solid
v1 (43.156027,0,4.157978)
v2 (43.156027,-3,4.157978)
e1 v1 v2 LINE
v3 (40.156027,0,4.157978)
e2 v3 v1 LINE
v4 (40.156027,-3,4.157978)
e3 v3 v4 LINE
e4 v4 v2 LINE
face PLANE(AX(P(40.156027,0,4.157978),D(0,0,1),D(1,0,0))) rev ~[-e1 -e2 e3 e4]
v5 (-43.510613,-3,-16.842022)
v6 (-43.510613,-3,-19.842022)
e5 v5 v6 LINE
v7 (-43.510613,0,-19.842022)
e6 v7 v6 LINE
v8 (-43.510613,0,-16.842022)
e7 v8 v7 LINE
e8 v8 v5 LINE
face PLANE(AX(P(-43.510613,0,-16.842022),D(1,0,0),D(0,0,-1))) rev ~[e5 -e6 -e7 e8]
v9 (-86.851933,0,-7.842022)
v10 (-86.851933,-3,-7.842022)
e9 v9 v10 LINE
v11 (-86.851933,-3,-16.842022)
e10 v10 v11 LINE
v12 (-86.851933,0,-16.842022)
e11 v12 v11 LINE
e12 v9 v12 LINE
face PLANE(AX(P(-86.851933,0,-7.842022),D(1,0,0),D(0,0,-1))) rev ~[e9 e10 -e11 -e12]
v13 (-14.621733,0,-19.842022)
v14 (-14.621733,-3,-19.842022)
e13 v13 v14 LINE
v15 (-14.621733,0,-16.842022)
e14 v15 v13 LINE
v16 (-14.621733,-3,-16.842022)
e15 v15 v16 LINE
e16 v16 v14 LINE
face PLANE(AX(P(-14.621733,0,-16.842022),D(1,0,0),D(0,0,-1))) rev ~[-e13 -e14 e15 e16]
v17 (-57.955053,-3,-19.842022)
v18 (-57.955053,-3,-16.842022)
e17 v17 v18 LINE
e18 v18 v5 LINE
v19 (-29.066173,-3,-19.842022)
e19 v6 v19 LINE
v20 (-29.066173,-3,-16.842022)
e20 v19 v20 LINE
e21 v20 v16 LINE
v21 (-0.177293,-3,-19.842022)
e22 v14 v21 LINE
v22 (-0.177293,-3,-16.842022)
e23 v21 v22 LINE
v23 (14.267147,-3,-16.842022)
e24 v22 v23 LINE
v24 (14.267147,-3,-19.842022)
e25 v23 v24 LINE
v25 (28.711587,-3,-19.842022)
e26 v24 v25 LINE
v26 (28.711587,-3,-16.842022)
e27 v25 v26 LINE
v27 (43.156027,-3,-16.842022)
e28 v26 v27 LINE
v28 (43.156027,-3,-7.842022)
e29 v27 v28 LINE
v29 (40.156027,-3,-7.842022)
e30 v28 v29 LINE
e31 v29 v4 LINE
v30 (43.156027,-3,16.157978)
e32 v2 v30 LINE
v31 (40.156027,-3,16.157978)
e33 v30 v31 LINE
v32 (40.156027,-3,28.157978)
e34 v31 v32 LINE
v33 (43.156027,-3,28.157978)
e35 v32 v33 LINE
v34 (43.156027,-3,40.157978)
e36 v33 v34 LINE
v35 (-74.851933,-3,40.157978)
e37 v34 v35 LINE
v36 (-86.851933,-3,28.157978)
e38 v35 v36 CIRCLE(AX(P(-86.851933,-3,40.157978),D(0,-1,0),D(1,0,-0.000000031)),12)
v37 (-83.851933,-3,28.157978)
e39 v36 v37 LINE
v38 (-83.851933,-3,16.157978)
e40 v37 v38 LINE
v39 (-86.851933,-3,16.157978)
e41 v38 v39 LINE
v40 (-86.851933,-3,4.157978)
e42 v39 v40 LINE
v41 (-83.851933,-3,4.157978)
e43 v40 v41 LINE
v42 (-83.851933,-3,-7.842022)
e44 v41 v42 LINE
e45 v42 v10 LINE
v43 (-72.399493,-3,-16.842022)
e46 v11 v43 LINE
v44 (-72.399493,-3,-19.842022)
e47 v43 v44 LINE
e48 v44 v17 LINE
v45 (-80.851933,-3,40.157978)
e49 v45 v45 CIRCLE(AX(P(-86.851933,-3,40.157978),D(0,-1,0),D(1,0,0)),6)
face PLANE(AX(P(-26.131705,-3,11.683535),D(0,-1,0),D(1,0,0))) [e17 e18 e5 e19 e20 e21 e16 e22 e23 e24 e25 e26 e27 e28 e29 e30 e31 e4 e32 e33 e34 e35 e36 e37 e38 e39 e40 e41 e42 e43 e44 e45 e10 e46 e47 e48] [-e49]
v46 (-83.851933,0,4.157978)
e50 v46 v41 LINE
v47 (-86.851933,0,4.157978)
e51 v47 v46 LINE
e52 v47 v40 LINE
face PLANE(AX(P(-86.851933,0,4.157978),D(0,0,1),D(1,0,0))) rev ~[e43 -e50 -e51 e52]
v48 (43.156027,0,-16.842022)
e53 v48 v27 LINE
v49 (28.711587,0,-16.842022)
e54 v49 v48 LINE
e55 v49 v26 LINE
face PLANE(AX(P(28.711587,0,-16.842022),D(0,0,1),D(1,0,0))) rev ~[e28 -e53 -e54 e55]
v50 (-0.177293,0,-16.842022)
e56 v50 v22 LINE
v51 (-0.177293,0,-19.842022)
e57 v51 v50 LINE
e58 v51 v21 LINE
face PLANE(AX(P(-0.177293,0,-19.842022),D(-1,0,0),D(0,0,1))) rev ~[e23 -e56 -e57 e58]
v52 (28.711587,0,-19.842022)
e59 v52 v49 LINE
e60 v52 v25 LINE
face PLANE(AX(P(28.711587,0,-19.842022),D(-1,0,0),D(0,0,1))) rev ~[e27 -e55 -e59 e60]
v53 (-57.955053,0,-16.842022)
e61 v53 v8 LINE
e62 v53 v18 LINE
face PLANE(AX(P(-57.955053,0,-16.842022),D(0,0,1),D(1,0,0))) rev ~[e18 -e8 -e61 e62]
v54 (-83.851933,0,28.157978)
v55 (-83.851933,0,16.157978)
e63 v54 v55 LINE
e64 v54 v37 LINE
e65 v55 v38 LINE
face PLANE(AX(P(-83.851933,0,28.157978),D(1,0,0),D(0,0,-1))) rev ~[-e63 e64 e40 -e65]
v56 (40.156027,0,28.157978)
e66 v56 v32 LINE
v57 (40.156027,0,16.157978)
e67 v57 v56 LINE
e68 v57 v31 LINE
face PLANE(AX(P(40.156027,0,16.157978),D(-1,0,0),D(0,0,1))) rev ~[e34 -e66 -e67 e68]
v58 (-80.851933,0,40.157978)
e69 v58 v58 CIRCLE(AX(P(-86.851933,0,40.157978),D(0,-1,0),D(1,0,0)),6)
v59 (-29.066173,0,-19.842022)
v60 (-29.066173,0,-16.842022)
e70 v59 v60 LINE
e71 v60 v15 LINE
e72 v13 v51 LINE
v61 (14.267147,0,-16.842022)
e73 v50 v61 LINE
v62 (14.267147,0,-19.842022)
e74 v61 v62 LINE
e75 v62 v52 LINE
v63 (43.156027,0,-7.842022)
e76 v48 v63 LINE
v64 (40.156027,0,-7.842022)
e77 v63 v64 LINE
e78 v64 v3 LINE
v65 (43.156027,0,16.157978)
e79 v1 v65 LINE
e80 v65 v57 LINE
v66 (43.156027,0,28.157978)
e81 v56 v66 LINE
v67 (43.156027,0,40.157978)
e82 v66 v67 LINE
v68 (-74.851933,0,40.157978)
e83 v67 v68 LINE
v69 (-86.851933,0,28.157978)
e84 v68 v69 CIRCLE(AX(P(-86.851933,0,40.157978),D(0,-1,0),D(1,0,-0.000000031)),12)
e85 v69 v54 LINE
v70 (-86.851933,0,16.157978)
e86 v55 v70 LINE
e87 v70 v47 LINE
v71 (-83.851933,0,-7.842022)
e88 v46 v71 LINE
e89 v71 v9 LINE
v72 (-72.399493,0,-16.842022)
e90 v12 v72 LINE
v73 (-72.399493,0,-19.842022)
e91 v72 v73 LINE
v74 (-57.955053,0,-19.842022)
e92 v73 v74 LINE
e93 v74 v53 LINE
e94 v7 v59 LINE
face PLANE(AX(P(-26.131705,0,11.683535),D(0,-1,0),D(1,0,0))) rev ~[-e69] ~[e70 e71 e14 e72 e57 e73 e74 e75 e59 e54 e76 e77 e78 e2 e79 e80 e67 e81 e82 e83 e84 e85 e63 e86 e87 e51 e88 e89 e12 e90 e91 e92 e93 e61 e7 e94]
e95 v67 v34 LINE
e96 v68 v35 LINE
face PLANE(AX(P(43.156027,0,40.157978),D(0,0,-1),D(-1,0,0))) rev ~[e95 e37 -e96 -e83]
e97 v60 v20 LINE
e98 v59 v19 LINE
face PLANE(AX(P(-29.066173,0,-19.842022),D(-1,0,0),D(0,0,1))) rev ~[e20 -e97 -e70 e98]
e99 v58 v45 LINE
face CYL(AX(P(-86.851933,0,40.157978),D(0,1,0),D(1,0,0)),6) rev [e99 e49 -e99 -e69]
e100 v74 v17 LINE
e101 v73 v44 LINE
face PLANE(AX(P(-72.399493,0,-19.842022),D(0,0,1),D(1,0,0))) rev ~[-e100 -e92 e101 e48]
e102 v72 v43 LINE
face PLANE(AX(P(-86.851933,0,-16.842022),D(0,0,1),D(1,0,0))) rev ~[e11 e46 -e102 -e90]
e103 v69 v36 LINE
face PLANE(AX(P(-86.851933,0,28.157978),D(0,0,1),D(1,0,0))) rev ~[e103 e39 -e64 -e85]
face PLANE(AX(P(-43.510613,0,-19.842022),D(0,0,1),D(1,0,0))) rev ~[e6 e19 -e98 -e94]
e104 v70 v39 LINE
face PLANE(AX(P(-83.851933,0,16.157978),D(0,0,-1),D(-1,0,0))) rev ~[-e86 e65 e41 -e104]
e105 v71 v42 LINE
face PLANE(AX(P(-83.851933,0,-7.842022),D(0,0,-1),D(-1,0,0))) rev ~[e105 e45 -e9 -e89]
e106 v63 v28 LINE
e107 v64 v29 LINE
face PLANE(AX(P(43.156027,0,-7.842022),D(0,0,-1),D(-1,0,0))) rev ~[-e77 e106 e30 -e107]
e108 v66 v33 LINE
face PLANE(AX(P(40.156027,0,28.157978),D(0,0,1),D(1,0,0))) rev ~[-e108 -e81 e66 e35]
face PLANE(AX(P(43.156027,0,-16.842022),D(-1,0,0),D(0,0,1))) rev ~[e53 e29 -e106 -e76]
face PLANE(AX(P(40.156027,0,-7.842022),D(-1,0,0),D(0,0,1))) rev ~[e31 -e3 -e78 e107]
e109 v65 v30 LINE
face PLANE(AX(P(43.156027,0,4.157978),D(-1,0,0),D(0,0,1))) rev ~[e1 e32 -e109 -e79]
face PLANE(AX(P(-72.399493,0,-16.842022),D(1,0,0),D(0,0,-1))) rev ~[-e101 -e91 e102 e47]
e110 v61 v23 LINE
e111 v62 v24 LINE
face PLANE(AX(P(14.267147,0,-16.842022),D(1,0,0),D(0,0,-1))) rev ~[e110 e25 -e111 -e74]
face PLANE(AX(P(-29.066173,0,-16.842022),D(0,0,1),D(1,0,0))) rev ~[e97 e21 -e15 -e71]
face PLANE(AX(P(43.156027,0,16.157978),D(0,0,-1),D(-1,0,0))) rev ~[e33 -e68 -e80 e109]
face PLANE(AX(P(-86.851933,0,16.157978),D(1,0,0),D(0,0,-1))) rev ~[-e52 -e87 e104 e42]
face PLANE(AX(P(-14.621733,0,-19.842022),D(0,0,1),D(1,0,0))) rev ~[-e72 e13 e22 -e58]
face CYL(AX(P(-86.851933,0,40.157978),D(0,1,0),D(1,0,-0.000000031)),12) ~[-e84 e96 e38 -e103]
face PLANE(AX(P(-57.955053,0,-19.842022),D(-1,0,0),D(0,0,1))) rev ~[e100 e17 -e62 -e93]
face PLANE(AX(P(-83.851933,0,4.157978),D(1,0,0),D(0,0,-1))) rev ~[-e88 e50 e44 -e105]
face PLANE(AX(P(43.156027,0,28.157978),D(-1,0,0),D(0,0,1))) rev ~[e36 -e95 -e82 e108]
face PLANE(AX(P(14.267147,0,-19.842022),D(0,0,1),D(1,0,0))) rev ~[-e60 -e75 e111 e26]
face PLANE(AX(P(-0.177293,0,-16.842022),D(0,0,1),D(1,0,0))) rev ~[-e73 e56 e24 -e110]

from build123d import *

# Parameters (mm, degrees)
F0_R     = 6
F1_DEPTH = 3


with BuildPart() as f1:
    # F0 (on Front) → F1 (new body)
    with BuildSketch(Plane.XZ):
        with BuildLine():
            Line((40.156027, 16.157978), (40.156027, 28.157978))
            Line((40.156027, 28.157978), (43.156027, 28.157978))
            Line((43.156027, 28.157978), (43.156027, 40.157978))
            Line((43.156027, 40.157978), (40.156027, 40.157978))
            Line((40.156027, 40.157978), (-74.851933, 40.157978))
            ThreePointArc((-74.851933, 40.157978), (-95.337215, 48.64326), (-86.851933, 28.157978))
            Line((-86.851933, 28.157978), (-83.851933, 28.157978))
            Line((-83.851933, 28.157978), (-83.851933, 16.157978))
            Line((-83.851933, 16.157978), (-86.851933, 16.157978))
            Line((-86.851933, 16.157978), (-86.851933, 4.157978))
            Line((-86.851933, 4.157978), (-83.851933, 4.157978))
            Line((-83.851933, 4.157978), (-83.851933, -7.842022))
            Line((-83.851933, -7.842022), (-86.851933, -7.842022))
            Line((-86.851933, -7.842022), (-86.851933, -16.842022))
            Line((-86.851933, -16.842022), (-83.851933, -16.842022))
            Line((-83.851933, -16.842022), (-72.399493, -16.842022))
            Line((-72.399493, -16.842022), (-72.399493, -19.842022))
            Line((-72.399493, -19.842022), (-57.955053, -19.842022))
            Line((-57.955053, -19.842022), (-57.955053, -16.842022))
            Line((-57.955053, -16.842022), (-43.510613, -16.842022))
            Line((-43.510613, -16.842022), (-43.510613, -19.842022))
            Line((-43.510613, -19.842022), (-29.066173, -19.842022))
            Line((-29.066173, -19.842022), (-29.066173, -16.842022))
            Line((-29.066173, -16.842022), (-14.621733, -16.842022))
            Line((-14.621733, -16.842022), (-14.621733, -19.842022))
            Line((-14.621733, -19.842022), (-0.177293, -19.842022))
            Line((-0.177293, -19.842022), (-0.177293, -16.842022))
            Line((-0.177293, -16.842022), (14.267147, -16.842022))
            Line((14.267147, -16.842022), (14.267147, -19.842022))
            Line((14.267147, -19.842022), (28.711587, -19.842022))
            Line((28.711587, -19.842022), (28.711587, -16.842022))
            Line((28.711587, -16.842022), (40.156027, -16.842022))
            Line((40.156027, -16.842022), (43.156027, -16.842022))
            Line((43.156027, -16.842022), (43.156027, -7.842022))
            Line((43.156027, -7.842022), (40.156027, -7.842022))
            Line((40.156027, -7.842022), (40.156027, 4.157978))
            Line((40.156027, 4.157978), (43.156027, 4.157978))
            Line((43.156027, 4.157978), (43.156027, 16.157978))
            Line((43.156027, 16.157978), (40.156027, 16.157978))
        make_face()
        with Locations((-86.851933, 40.157978)):
            Circle(F0_R, mode=Mode.SUBTRACT)
    extrude(amount=F1_DEPTH)


solid = f1.part
